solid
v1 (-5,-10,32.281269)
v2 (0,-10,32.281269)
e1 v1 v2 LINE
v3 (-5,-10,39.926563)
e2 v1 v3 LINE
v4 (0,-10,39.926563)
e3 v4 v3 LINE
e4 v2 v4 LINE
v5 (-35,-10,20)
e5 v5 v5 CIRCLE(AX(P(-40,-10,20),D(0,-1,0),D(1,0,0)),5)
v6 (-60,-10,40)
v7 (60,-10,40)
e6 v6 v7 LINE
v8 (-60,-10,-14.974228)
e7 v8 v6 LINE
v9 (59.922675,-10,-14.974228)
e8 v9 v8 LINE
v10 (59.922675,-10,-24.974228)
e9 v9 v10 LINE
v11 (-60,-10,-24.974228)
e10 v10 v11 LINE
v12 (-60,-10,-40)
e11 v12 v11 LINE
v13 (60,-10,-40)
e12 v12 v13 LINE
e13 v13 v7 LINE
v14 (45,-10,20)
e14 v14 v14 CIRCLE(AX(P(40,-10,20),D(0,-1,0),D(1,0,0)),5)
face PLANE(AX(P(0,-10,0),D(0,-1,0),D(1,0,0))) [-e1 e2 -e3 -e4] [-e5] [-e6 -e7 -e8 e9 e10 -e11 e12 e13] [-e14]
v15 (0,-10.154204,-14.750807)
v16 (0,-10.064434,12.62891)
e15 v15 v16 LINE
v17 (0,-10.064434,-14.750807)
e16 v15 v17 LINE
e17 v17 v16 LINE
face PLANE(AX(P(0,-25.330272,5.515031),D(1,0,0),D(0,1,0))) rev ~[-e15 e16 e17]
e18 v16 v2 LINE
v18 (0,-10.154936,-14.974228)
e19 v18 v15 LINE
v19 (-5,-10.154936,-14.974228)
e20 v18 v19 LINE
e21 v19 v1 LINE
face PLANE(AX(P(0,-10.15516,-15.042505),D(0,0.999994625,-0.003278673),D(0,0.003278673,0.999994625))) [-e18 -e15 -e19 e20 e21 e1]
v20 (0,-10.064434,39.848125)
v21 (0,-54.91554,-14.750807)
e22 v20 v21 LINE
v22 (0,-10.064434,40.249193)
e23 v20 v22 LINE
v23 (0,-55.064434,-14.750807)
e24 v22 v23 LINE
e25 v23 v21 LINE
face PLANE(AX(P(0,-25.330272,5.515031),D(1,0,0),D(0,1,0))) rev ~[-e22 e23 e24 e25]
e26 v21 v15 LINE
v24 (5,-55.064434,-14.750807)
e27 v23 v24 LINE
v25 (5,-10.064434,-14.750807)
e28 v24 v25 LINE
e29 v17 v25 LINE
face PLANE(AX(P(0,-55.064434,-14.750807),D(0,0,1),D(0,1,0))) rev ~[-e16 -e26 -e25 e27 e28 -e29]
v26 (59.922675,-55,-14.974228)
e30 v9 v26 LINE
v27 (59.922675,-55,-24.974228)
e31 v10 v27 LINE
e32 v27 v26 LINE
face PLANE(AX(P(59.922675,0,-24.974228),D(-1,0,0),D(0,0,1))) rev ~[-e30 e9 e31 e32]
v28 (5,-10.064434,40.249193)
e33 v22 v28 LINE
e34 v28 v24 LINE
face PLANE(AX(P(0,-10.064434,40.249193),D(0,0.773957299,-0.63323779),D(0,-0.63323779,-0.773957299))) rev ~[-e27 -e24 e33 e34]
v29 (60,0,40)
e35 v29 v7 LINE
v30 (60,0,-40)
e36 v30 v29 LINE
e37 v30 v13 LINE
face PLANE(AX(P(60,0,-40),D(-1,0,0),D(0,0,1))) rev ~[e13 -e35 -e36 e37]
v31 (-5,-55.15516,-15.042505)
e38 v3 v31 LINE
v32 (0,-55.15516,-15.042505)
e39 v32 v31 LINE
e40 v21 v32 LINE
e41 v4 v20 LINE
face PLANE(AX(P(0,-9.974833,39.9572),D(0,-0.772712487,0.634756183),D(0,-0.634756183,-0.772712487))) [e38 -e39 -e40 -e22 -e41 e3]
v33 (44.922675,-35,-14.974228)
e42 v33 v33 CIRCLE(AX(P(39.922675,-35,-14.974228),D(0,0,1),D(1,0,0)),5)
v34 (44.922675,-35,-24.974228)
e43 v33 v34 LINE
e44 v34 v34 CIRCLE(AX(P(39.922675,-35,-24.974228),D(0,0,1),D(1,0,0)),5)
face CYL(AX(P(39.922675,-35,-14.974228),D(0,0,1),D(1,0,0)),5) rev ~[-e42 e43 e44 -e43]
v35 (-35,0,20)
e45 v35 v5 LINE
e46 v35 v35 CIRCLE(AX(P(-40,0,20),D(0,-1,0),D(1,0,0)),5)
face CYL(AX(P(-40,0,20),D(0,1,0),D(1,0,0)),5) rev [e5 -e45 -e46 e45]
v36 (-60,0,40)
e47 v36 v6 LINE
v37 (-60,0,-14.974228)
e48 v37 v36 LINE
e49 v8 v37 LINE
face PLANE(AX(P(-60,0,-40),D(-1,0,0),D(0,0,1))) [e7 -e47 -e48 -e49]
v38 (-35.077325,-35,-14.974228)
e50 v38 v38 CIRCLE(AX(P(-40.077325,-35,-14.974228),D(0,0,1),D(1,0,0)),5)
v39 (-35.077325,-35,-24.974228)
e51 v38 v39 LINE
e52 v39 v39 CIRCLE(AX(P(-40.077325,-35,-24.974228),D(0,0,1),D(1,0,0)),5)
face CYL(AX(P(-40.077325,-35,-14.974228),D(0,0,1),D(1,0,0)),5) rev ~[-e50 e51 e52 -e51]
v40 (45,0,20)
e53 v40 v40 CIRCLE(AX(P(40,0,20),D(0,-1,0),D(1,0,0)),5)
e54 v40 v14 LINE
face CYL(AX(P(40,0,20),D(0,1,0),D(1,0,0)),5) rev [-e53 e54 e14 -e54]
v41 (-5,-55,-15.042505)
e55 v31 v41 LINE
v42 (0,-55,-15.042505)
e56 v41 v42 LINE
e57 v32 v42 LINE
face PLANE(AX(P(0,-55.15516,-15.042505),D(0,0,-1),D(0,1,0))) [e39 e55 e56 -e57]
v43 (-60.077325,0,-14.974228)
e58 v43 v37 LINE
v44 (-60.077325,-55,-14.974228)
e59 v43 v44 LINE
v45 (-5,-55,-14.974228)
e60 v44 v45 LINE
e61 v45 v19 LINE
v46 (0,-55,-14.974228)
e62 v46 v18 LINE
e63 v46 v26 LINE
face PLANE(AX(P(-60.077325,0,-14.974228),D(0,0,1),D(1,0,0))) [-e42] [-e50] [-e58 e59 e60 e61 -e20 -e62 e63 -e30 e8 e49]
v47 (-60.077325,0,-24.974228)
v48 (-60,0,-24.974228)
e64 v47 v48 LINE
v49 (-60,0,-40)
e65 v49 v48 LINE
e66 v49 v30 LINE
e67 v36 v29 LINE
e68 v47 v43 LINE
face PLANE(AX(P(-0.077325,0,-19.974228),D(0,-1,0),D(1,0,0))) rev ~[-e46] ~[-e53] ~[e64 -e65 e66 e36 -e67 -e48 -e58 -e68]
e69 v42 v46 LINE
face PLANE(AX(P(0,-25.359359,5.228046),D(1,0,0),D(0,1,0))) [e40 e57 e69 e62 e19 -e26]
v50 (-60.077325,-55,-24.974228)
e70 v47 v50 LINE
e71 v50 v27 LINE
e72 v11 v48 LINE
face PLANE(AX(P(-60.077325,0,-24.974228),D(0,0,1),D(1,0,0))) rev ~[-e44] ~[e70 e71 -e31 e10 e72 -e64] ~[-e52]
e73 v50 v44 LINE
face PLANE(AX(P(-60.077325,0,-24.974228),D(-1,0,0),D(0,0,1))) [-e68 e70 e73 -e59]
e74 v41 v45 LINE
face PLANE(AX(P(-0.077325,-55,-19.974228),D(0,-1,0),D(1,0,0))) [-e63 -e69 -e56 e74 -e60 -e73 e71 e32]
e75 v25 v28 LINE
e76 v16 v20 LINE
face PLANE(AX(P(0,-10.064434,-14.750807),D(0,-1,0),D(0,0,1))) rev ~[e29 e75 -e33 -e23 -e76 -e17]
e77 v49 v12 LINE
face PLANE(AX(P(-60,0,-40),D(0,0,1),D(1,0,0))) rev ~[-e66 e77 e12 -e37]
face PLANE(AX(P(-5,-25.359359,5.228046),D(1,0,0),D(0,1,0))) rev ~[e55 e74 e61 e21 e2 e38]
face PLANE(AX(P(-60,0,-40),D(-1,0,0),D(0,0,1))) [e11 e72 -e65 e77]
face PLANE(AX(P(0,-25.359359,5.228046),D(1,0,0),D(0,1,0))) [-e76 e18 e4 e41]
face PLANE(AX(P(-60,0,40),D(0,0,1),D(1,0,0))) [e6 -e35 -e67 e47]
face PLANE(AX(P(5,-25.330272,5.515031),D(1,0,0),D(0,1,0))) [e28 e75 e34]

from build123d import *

# Parameters (mm, degrees)
F0_W     = 120
F0_H     = 80
F0_R     = 5
F1_DEPTH = 10
F2_W     = 120
F2_H     = 10
F3_DEPTH = 55
F4_R     = 5
F5_DEPTH = 25
F7_DEPTH = 5
F9_DEPTH = 5


with BuildPart() as f1:
    # F0 (on Front) → F1 (new body)
    with BuildSketch(Plane.XZ):
        Rectangle(F0_W, F0_H)
        with Locations((-40, 20)):
            Circle(F0_R, mode=Mode.SUBTRACT)
        with Locations((40, 20)):
            Circle(F0_R, mode=Mode.SUBTRACT)
    extrude(amount=F1_DEPTH)

    # F2 (on Front) → F3 (join)
    with BuildSketch(Plane.XZ):
        with Locations((-0.077325, -19.974228)):
            Rectangle(F2_W, F2_H)
    extrude(amount=F3_DEPTH)

    # F4 (on face) → F5 (cut)
    with BuildSketch(Plane.XY.offset(-14.974228)):
        with Locations((-40.077325, -35)):
            Circle(F4_R)
        with Locations((39.922675, -35)):
            Circle(F4_R)
    extrude(amount=-F5_DEPTH, mode=Mode.SUBTRACT)

    # F6 (on Right) → F7 (join)
    with BuildSketch(Plane.YZ):
        Polygon((-10.15516, -15.042505), (-9.974833, 39.9572), (-55.15516, -15.042505), align=None)
    extrude(amount=-F7_DEPTH)

    # F8 (on Right) → F9 (join)
    with BuildSketch(Plane.YZ):
        Polygon((-10.064434, -14.750807), (-10.064434, 40.249193), (-55.064434, -14.750807), align=None)
    extrude(amount=F9_DEPTH)


solid = f1.part
